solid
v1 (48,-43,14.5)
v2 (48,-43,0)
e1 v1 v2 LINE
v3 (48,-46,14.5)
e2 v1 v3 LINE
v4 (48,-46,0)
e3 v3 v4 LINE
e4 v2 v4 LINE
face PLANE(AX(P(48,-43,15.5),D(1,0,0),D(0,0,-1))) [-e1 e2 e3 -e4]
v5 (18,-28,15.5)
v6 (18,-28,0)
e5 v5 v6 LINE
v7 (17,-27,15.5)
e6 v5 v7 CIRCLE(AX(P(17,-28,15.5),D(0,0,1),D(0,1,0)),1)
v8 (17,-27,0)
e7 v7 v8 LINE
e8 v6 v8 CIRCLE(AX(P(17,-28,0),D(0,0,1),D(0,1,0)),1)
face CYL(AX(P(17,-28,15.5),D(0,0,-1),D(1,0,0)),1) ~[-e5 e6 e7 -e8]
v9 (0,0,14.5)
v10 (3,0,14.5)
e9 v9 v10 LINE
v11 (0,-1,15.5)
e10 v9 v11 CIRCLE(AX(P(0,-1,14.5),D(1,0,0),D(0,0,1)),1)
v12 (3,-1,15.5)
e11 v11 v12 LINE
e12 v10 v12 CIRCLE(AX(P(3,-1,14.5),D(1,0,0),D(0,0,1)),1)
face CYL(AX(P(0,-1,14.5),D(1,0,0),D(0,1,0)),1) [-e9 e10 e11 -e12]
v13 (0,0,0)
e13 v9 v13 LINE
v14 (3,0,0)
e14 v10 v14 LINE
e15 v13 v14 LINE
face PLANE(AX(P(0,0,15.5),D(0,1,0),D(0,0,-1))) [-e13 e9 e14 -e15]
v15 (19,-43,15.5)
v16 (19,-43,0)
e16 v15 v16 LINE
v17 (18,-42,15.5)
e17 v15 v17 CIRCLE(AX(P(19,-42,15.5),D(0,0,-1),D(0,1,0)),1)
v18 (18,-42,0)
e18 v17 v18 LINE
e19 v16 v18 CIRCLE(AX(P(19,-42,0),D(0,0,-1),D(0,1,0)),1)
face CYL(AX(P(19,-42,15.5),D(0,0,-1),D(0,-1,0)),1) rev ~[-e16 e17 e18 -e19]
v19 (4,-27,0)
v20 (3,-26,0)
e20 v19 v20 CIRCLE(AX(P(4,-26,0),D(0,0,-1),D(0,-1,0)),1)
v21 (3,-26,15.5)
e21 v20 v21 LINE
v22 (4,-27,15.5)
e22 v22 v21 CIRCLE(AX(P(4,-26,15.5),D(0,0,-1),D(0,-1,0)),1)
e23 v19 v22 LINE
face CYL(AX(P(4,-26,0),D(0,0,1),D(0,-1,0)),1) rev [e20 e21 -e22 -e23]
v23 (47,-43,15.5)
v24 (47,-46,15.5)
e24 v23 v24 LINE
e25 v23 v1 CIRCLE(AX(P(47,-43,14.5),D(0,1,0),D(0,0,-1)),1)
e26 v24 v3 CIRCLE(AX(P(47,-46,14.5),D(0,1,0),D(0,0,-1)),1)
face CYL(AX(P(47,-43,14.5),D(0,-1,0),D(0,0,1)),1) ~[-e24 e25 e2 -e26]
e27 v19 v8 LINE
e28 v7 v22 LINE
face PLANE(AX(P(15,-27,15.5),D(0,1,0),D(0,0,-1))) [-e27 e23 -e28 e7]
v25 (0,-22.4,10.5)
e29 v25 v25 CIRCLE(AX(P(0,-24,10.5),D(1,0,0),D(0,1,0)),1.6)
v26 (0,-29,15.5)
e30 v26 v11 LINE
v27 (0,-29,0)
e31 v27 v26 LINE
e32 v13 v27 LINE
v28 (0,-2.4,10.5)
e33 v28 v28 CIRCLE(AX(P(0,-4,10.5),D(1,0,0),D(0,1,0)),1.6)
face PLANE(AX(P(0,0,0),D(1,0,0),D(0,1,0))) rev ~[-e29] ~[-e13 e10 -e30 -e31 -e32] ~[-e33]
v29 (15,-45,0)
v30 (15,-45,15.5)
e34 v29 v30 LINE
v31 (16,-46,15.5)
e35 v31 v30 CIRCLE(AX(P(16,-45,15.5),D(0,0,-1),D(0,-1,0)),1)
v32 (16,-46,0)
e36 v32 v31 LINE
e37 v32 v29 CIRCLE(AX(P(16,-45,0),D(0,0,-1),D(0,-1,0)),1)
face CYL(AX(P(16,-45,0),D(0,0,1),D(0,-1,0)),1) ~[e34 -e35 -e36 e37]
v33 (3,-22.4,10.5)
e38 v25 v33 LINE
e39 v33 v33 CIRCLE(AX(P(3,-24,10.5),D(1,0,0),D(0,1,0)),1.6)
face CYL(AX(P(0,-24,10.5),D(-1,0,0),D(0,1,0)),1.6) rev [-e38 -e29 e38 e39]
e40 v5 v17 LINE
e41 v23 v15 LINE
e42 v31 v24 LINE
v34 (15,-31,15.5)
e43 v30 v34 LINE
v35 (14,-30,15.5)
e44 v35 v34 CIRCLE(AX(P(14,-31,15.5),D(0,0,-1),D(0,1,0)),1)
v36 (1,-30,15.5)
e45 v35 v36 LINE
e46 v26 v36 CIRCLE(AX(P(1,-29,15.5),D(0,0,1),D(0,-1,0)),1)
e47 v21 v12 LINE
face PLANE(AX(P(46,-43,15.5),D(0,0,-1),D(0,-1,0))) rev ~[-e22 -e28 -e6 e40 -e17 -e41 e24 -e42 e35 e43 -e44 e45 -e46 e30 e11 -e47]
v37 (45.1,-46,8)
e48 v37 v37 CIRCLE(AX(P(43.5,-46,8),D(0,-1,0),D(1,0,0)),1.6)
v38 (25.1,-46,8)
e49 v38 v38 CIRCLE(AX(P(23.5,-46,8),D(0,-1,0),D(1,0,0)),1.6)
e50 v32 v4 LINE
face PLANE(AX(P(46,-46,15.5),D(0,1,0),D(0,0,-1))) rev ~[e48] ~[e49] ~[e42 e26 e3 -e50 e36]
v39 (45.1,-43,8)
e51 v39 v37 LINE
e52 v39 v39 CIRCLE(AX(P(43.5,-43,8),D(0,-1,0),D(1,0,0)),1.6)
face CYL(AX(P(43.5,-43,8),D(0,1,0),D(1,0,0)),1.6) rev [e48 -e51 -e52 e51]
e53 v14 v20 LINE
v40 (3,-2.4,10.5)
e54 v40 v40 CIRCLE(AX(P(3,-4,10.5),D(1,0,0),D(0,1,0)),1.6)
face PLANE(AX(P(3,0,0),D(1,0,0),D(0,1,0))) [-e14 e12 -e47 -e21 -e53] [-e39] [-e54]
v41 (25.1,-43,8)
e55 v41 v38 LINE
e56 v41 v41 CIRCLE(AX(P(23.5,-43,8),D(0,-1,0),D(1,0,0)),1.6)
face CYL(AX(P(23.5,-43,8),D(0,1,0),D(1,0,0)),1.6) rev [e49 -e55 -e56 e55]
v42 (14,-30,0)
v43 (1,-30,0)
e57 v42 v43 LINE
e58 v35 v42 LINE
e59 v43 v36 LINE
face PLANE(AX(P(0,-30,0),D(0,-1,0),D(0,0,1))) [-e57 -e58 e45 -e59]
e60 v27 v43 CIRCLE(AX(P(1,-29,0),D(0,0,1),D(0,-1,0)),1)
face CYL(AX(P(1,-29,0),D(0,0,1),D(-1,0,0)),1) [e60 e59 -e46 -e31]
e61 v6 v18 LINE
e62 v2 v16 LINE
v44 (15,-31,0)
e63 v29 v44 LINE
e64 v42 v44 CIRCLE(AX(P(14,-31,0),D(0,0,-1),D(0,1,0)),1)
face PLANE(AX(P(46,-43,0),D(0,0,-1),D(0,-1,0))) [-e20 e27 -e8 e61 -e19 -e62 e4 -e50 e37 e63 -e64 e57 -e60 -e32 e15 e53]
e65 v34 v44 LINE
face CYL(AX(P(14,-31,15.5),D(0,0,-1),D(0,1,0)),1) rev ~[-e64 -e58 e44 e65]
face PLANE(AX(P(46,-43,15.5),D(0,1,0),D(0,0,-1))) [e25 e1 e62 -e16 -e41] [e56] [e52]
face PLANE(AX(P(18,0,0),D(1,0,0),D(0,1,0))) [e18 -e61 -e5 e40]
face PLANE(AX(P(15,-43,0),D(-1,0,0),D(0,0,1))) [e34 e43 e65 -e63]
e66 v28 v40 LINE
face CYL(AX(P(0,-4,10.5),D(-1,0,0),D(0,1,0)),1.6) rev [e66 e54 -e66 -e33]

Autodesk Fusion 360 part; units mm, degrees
sketch "Sketch1" plane through (0, 0, 0) normal (1, 0, 0) x (0, 1, 0)
  line L0 (0, 0) -> (-30, 0)
  line L1 (-30, 0) -> (-30, 15.5)
  line L2 (-30, 15.5) -> (0, 15.5)
  line L3 (0, 15.5) -> (0, 0)
  circle A0 centre (-4, 10.5) radius 1.6
  circle A1 centre (-24, 10.5) radius 1.6
  dimension "d1" = 30
  dimension "d2" = 15.5
  dimension "d3" = 3.2
  dimension "d4" = 3.2
  dimension "d5" = 20
  dimension "d6" = 4
  dimension "d7" = 5
extrude "Extrude1" add sketch "Sketch1" along normal blind 3 makes body 1
sketch "Sketch2" plane through (0, 0, 0) normal (0, 1, 0) x (1, 0, 0)
sketch "Sketch3" plane through (0, -30, 0) normal (0, -1, 0) x (1, 0, 0)
  line L0 (0, 15.5) -> (0, 0)
  line L1 (0, 0) -> (3, 0)
  line L2 (3, 0) -> (3, 15.5)
  line L3 (3, 15.5) -> (0, 15.5)
  line L4 (3, 15.5) -> (15, 15.5)
  line L5 (15, 15.5) -> (15, 0)
  line L6 (15, 0) -> (3, 0)
  line L7 (3, 0) -> (3, 15.5)
  dimension "d10" = 12
extrude "Extrude2" add sketch "Sketch3" against normal blind 3 contours L2 L4 L5 L6 L7 bodies 1
sketch "Sketch4" plane through (15, 0, 0) normal (1, 0, 0) x (0, 1, 0)
  line L0 (-30, 15.5) -> (-30, 0)
  line L1 (-30, 0) -> (-27, 0)
  line L2 (-27, 0) -> (-27, 15.5)
  line L3 (-27, 15.5) -> (-30, 15.5)
  line L4 (-30, 15.5) -> (-43, 15.5)
  line L5 (-43, 15.5) -> (-43, 0)
  line L6 (-43, 0) -> (-30, 0)
  line L7 (-30, 0) -> (-30, 15.5)
  dimension "d13" = 13
extrude "Extrude3" add sketch "Sketch4" along normal blind 3 separate body contours L0 L4 L5 L6 L7 makes body 2
extrude "Extrude4" add 1 faces at (16, -30, 10.3333) along direction (0, 1, 0) blind 3 on bodies 2 bodies 2 1
fillet "Fillet1" radius 1 1 edges at (18, -27, 7.75) on bodies 2
fillet "Fillet2" radius 1 1 edges at (3, -27, 7.75) on bodies 2
fillet "Fillet3" radius 1 1 edges at (1.5, 0, 15.5) on bodies 2
fillet "Fillet4" radius 1 1 edges at (0, -30, 7.75) on bodies 2
fillet "Fillet5" radius 1 1 edges at (15, -30, 7.75) on bodies 2
sketch "Sketch13" plane through (0, -43, 0) normal (0, -1, 0) x (1, 0, 0)
  line L0 (15, 15.5) -> (15, 0)
  line L1 (15, 0) -> (18, 0)
  line L2 (18, 0) -> (18, 15.5)
  line L3 (18, 15.5) -> (15, 15.5)
  line L4 (15, 15.5) -> (46, 15.5)
  line L5 (46, 15.5) -> (46, 0)
  line L6 (46, 0) -> (15, 0)
  line L7 (15, 0) -> (15, 15.5)
  circle A0 centre (43.5, 8) radius 1.6
  circle A1 centre (23.5, 8) radius 1.6
  line L8 (15, 15.5) -> (15, 0)
  line L9 (15, 0) -> (18, 0)
  line L10 (18, 0) -> (18, 15.5)
  line L11 (18, 15.5) -> (15, 15.5)
  dimension "d97" = 31
  dimension "d98" = 15.5
  dimension "d99" = 3.2
  dimension "d101" = 3.2
  dimension "d102" = 20
  dimension "d111" = 7.5
  dimension "d114" = 2.5
extrude "Extrude19" add sketch "Sketch13" along normal blind 3 contours L2 L4 L5 L6 L10 bodies 2
extrude "Extrude20" add 1 faces at (18, -44, 5.1667) along direction (-1, 0, 0) blind 3 on bodies 2 bodies 2
fillet "Fillet8" radius 1 1 edges at (15, -46, 7.75) on bodies 2
fillet "Fillet9" radius 1 1 edges at (18, -43, 7.75) on bodies 2
extrude "Extrude21" add 1 faces at (46, -44, 10.3333) along direction (1, 0, 0) blind 2 on bodies 2 bodies 2
fillet "Fillet11" radius 1 1 edges at (48, -44.5, 15.5) on bodies 2
